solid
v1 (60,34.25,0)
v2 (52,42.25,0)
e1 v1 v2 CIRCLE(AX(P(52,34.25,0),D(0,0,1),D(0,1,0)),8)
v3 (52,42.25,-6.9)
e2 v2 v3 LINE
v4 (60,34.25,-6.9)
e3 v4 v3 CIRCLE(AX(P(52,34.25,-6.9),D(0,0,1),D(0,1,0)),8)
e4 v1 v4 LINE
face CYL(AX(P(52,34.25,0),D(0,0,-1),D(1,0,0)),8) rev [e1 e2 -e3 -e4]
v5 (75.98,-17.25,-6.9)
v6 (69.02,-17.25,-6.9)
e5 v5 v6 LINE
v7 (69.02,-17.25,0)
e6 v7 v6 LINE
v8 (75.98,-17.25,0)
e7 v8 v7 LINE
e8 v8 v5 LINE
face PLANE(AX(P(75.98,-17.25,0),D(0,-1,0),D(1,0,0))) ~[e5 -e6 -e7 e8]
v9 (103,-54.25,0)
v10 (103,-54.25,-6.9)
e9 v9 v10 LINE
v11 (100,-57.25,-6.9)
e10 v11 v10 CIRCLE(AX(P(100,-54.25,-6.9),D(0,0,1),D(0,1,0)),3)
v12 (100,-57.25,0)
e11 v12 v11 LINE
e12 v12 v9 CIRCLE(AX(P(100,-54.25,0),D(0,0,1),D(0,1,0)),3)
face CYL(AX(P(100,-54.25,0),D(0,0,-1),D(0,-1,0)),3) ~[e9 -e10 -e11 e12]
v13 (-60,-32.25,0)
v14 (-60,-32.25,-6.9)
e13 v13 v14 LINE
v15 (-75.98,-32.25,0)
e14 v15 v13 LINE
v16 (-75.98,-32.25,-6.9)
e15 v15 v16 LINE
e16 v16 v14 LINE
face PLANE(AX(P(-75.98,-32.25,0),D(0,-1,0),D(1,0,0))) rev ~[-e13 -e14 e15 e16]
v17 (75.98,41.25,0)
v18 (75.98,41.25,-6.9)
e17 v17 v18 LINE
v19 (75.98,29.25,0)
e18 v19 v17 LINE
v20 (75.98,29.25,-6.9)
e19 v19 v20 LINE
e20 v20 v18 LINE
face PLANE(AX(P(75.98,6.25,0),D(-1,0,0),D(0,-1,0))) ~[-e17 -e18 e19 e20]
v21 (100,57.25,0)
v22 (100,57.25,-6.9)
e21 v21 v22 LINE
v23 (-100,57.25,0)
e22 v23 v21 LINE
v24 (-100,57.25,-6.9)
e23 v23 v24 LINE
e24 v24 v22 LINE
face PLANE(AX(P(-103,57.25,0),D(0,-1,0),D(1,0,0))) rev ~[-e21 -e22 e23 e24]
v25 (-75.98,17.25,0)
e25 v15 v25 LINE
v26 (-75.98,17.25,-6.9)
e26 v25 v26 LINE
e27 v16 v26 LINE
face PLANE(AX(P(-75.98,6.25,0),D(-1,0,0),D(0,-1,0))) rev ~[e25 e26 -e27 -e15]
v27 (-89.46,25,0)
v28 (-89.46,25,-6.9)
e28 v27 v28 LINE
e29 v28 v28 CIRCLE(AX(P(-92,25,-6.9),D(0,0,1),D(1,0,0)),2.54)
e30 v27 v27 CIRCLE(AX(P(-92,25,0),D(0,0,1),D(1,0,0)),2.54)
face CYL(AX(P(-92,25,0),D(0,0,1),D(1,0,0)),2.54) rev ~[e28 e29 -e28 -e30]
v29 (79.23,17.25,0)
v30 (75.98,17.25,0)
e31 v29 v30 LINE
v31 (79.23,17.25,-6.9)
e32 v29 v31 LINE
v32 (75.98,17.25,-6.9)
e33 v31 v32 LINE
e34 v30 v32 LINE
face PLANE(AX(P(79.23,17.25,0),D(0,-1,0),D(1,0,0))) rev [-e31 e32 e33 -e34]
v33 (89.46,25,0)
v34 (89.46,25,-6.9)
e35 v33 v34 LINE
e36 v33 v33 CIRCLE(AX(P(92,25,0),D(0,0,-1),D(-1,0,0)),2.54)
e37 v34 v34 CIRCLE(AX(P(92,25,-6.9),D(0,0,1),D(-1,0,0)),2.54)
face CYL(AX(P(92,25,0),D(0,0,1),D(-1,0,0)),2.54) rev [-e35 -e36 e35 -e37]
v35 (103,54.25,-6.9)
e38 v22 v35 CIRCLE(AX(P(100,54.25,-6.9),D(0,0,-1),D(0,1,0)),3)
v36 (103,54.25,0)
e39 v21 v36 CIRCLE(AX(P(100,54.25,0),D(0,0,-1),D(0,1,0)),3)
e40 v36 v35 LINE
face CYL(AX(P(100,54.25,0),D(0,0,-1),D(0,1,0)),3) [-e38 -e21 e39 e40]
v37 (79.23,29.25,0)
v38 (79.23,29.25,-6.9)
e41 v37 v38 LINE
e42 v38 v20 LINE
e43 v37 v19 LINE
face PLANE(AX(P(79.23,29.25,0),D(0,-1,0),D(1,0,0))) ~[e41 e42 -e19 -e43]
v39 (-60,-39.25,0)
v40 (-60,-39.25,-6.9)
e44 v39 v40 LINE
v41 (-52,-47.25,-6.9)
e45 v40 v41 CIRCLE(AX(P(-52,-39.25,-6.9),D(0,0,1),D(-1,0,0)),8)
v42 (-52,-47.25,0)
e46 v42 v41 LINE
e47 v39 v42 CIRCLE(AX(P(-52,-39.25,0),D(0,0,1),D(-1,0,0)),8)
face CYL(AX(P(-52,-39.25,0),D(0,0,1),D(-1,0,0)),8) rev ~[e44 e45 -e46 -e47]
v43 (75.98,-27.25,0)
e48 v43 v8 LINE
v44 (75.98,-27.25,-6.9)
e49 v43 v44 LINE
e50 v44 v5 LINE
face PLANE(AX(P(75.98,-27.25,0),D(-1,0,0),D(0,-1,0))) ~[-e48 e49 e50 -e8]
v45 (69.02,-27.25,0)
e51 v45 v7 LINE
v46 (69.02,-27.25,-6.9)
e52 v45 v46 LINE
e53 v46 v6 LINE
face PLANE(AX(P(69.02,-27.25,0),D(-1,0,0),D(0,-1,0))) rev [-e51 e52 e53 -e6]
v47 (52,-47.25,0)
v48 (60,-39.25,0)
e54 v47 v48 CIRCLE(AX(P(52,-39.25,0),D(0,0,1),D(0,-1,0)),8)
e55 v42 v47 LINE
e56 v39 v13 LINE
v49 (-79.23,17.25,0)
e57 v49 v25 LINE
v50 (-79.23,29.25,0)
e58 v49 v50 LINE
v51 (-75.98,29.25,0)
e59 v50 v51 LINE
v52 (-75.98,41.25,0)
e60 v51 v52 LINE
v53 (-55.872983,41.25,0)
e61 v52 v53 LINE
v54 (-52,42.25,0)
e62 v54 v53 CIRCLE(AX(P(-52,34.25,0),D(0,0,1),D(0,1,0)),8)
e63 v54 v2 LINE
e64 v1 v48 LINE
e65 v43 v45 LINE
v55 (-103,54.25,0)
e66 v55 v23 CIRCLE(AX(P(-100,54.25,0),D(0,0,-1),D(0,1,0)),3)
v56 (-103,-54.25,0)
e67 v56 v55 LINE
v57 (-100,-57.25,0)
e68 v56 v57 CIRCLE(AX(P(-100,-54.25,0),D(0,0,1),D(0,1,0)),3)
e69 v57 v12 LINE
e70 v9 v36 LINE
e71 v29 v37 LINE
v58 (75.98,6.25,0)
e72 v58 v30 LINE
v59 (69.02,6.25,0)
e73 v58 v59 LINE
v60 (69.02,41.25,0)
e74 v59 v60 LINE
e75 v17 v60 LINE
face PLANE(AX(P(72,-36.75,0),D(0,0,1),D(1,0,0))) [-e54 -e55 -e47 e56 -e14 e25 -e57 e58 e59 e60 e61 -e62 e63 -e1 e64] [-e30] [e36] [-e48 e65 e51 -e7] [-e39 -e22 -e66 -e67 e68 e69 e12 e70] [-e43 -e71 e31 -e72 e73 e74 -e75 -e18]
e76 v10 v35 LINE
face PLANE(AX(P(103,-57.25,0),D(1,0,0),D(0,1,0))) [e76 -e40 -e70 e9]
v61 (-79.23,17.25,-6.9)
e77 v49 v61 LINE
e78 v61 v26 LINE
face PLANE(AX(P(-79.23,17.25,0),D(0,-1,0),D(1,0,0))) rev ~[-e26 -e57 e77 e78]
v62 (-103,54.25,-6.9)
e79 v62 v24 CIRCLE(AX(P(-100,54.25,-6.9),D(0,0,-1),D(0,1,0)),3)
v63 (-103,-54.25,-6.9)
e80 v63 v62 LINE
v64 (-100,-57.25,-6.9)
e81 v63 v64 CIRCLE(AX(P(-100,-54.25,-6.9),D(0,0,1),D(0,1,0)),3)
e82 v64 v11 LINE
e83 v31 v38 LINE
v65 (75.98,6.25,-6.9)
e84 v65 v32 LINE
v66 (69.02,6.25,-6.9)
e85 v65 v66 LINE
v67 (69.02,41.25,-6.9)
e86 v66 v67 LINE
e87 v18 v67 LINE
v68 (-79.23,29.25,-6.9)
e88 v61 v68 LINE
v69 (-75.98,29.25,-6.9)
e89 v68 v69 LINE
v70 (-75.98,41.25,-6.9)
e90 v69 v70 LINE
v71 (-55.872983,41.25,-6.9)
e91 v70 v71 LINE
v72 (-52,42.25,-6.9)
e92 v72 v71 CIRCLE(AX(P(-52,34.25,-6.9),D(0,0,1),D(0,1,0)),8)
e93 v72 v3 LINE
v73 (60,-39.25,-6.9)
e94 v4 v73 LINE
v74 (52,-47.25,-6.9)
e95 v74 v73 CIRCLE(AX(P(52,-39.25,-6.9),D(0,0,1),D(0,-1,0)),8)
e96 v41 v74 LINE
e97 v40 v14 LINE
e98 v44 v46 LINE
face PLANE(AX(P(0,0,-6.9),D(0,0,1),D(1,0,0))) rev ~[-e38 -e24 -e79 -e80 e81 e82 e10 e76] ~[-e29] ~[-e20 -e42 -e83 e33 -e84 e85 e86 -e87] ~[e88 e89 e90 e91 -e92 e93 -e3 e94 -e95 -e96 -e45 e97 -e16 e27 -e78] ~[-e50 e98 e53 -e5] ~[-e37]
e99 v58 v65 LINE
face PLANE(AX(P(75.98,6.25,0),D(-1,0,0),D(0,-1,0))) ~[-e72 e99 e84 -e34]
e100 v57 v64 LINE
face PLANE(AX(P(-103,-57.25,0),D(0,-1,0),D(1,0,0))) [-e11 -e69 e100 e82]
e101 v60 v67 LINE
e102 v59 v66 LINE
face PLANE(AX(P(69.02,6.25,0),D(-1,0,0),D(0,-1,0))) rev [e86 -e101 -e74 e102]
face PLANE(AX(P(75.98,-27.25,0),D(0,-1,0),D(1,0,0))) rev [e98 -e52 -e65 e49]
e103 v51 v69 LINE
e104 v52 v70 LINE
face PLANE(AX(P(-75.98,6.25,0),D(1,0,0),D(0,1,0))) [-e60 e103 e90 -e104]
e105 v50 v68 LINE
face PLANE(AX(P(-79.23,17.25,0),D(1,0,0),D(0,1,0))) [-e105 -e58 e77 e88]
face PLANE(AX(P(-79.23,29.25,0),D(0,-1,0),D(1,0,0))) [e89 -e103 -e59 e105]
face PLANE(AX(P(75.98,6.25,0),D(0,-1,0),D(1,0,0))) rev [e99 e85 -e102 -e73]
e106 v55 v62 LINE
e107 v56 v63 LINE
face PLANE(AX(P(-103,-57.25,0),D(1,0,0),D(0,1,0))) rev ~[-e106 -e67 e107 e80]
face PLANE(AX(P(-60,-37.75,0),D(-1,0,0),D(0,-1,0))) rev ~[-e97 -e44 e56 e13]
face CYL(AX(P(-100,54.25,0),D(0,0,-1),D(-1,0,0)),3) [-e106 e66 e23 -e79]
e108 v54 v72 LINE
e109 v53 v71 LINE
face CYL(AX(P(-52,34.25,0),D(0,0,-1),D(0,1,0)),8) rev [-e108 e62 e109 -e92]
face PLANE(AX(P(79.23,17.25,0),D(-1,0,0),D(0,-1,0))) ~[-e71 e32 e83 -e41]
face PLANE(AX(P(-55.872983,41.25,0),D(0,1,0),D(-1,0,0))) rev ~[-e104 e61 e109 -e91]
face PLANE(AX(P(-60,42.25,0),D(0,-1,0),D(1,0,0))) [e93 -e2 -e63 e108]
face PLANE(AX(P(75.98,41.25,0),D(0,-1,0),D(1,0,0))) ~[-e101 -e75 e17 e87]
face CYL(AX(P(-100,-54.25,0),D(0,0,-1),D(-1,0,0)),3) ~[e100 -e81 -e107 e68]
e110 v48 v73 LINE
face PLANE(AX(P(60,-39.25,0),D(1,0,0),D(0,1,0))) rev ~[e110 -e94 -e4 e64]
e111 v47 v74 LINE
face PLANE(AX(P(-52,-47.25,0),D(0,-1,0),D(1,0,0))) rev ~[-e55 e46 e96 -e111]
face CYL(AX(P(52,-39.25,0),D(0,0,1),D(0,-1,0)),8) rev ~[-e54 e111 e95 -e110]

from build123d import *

# Parameters (mm, degrees)
SKETCH1_W           = 206
SKETCH1_H           = 114.5
BOSS_EXTRUDE1_DEPTH = 6.9
SKETCH2_W           = 120
SKETCH2_H           = 88
CUT_EXTRUDE1_DEPTH  = 119.043095944
FILLET1_R           = 8
SKETCH7_R           = 2.54
CUT_EXTRUDE5_DEPTH  = 119.043095944
SKETCH9_W           = 6.96
SKETCH9_H           = 35
SKETCH9_H_2         = 10
CUT_EXTRUDE7_DEPTH  = 119.043095944
SKETCH11_W          = 3.25
SKETCH11_H          = 12
CUT_EXTRUDE8_DEPTH  = 119.043095944
FILLET2_R           = 3
SKETCH8_R           = 1.775
CUT_EXTRUDE6_DEPTH  = 119.043095944
SKETCH10_W          = 6.8
SKETCH10_H          = 3
BOSS_EXTRUDE3_DEPTH = 6.9
FILLET3_R           = 1.5
CUT_EXTRUDE9_DEPTH  = 120.526869364
CUT_EXTRUDE10_DEPTH = 119.043095944
SKETCH15_R          = 1.775
BOSS_EXTRUDE4_DEPTH = 6.9


with BuildPart() as part:
    # Sketch1 → Boss-Extrude1 (new body)
    with BuildSketch(Plane.XY):
        Rectangle(SKETCH1_W, SKETCH1_H)
    extrude(amount=-BOSS_EXTRUDE1_DEPTH)

    # Sketch2 → Cut-Extrude1 (cut, through all)
    with BuildSketch(Plane.XY):
        with Locations((0, -1.75)):
            Rectangle(SKETCH2_W, SKETCH2_H)
    extrude(amount=-CUT_EXTRUDE1_DEPTH, mode=Mode.SUBTRACT)

    # Fillet1
    fillet1_edges = [part.edges().sort_by_distance(p)[0] for p in [
        (-60, -45.75, -3.45),
        (-60, 42.25, -3.45),
        (60, 42.25, -3.45),
        (60, -45.75, -3.45),
    ]]
    fillet(fillet1_edges, radius=FILLET1_R)

    # Sketch7 → Cut-Extrude5 (cut, through all)
    with BuildSketch(Plane.XY):
        with Locations((-92, 25)):
            Circle(SKETCH7_R)
    cut_extrude5 = extrude(amount=-CUT_EXTRUDE5_DEPTH, mode=Mode.SUBTRACT)

    # Sketch9 → Cut-Extrude7 (cut, through all)
    with BuildSketch(Plane.XY):
        with Locations((-72.5, 23.75)):
            Rectangle(SKETCH9_W, SKETCH9_H)
        with Locations((-72.5, -22.25)):
            Rectangle(SKETCH9_W, SKETCH9_H_2)
    cut_extrude7 = extrude(amount=-CUT_EXTRUDE7_DEPTH, mode=Mode.SUBTRACT)

    # Sketch11 → Cut-Extrude8 (cut, through all)
    with BuildSketch(Plane.XY):
        with Locations((-77.605, 23.25)):
            Rectangle(SKETCH11_W, SKETCH11_H)
    cut_extrude8 = extrude(amount=-CUT_EXTRUDE8_DEPTH, mode=Mode.SUBTRACT)

    # Mirror2: Cut-Extrude5, Cut-Extrude7, Cut-Extrude8 across plane
    add(cut_extrude5.mirror(Plane(origin=(0, 0, 0), x_dir=(0, 0, 1), z_dir=(1, 0, 0))), mode=Mode.SUBTRACT)
    add(cut_extrude7.mirror(Plane(origin=(0, 0, 0), x_dir=(0, 0, 1), z_dir=(1, 0, 0))), mode=Mode.SUBTRACT)
    add(cut_extrude8.mirror(Plane(origin=(0, 0, 0), x_dir=(0, 0, 1), z_dir=(1, 0, 0))), mode=Mode.SUBTRACT)

    # Fillet2
    fillet2_edges = [part.edges().sort_by_distance(p)[0] for p in [
        (-103, 57.25, -3.45),
        (103, 57.25, -3.45),
        (103, -57.25, -3.45),
        (-103, -57.25, -3.45),
    ]]
    fillet(fillet2_edges, radius=FILLET2_R)

    # Sketch8 → Cut-Extrude6 (cut, through all)
    with BuildSketch(Plane.XY):
        with Locations((72, -36.75)):
            Circle(SKETCH8_R)
        with Locations((-72, -36.75)):
            Circle(SKETCH8_R)
    extrude(amount=-CUT_EXTRUDE6_DEPTH, mode=Mode.SUBTRACT)

    # Sketch10 → Boss-Extrude3 (add)
    with BuildSketch(Plane.XY):
        with Locations((-38.4, -58.75)):
            Rectangle(SKETCH10_W, SKETCH10_H)
        with Locations((38.4, -58.75)):
            Rectangle(SKETCH10_W, SKETCH10_H)
    extrude(amount=-BOSS_EXTRUDE3_DEPTH)

    # Fillet3
    fillet3_edges = [part.edges().sort_by_distance(p)[0] for p in [
        (-35, -60.25, -3.45),
        (-41.8, -60.25, -3.45),
        (35, -60.25, -3.45),
        (41.8, -60.25, -3.45),
    ]]
    fillet(fillet3_edges, radius=FILLET3_R)

    # Sketch13 → Cut-Extrude9 (cut, through all)
    with BuildSketch(Plane.XY):
        with BuildLine():
            Line((-40.3, -60.25), (-36.5, -60.25))
            ThreePointArc((-36.5, -60.25), (-35.439339828, -59.810660172), (-35, -58.75))
            Line((-35, -58.75), (-35, -57.25))
            Line((-35, -57.25), (-41.8, -57.25))
            Line((-41.8, -57.25), (-41.8, -58.75))
            ThreePointArc((-41.8, -58.75), (-41.360660172, -59.810660172), (-40.3, -60.25))
        make_face()
        with BuildLine():
            Line((35, -57.25), (35, -58.75))
            ThreePointArc((35, -58.75), (35.439339828, -59.810660172), (36.5, -60.25))
            Line((36.5, -60.25), (40.3, -60.25))
            ThreePointArc((40.3, -60.25), (41.360660172, -59.810660172), (41.8, -58.75))
            Line((41.8, -58.75), (41.8, -57.25))
            Line((41.8, -57.25), (35, -57.25))
        make_face()
        with BuildLine():
            Line((-60, -37.75), (-60, -39.25))
            ThreePointArc((-60, -39.25), (-57.656854249, -44.906854249), (-52, -47.25))
            Line((-52, -47.25), (52, -47.25))
            ThreePointArc((52, -47.25), (57.656854249, -44.906854249), (60, -39.25))
            Line((60, -39.25), (60, -37.75))
            ThreePointArc((60, -37.75), (57.656854249, -43.406854249), (52, -45.75))
            Line((52, -45.75), (-52, -45.75))
            ThreePointArc((-52, -45.75), (-57.656854249, -43.406854249), (-60, -37.75))
        make_face()
    extrude(amount=-CUT_EXTRUDE9_DEPTH, mode=Mode.SUBTRACT)

    # Sketch14 → Cut-Extrude10 (cut, through all)
    with BuildSketch(Plane.XY):
        Polygon((-69.02, 6.25), (-75.98, 6.25), (-75.98, -32.25), (-60, -32.25), (-60, 34.25), (-60, 41.25), (-69.02, 41.25), align=None)
        with BuildLine():
            Line((-55.872983346, 41.25), (-60, 41.25))
            Line((-60, 41.25), (-60, 34.25))
            ThreePointArc((-60, 34.25), (-58.891439137, 38.313012013), (-55.872983346, 41.25))
        make_face()
    extrude(amount=-CUT_EXTRUDE10_DEPTH, mode=Mode.SUBTRACT)

    # Sketch15 → Boss-Extrude4 (add)
    with BuildSketch(Plane.XY):
        with Locations((72, -36.75)):
            Circle(SKETCH15_R)
        with Locations((-72, -36.75)):
            Circle(SKETCH15_R)
    extrude(amount=-BOSS_EXTRUDE4_DEPTH)


solid = part.part
